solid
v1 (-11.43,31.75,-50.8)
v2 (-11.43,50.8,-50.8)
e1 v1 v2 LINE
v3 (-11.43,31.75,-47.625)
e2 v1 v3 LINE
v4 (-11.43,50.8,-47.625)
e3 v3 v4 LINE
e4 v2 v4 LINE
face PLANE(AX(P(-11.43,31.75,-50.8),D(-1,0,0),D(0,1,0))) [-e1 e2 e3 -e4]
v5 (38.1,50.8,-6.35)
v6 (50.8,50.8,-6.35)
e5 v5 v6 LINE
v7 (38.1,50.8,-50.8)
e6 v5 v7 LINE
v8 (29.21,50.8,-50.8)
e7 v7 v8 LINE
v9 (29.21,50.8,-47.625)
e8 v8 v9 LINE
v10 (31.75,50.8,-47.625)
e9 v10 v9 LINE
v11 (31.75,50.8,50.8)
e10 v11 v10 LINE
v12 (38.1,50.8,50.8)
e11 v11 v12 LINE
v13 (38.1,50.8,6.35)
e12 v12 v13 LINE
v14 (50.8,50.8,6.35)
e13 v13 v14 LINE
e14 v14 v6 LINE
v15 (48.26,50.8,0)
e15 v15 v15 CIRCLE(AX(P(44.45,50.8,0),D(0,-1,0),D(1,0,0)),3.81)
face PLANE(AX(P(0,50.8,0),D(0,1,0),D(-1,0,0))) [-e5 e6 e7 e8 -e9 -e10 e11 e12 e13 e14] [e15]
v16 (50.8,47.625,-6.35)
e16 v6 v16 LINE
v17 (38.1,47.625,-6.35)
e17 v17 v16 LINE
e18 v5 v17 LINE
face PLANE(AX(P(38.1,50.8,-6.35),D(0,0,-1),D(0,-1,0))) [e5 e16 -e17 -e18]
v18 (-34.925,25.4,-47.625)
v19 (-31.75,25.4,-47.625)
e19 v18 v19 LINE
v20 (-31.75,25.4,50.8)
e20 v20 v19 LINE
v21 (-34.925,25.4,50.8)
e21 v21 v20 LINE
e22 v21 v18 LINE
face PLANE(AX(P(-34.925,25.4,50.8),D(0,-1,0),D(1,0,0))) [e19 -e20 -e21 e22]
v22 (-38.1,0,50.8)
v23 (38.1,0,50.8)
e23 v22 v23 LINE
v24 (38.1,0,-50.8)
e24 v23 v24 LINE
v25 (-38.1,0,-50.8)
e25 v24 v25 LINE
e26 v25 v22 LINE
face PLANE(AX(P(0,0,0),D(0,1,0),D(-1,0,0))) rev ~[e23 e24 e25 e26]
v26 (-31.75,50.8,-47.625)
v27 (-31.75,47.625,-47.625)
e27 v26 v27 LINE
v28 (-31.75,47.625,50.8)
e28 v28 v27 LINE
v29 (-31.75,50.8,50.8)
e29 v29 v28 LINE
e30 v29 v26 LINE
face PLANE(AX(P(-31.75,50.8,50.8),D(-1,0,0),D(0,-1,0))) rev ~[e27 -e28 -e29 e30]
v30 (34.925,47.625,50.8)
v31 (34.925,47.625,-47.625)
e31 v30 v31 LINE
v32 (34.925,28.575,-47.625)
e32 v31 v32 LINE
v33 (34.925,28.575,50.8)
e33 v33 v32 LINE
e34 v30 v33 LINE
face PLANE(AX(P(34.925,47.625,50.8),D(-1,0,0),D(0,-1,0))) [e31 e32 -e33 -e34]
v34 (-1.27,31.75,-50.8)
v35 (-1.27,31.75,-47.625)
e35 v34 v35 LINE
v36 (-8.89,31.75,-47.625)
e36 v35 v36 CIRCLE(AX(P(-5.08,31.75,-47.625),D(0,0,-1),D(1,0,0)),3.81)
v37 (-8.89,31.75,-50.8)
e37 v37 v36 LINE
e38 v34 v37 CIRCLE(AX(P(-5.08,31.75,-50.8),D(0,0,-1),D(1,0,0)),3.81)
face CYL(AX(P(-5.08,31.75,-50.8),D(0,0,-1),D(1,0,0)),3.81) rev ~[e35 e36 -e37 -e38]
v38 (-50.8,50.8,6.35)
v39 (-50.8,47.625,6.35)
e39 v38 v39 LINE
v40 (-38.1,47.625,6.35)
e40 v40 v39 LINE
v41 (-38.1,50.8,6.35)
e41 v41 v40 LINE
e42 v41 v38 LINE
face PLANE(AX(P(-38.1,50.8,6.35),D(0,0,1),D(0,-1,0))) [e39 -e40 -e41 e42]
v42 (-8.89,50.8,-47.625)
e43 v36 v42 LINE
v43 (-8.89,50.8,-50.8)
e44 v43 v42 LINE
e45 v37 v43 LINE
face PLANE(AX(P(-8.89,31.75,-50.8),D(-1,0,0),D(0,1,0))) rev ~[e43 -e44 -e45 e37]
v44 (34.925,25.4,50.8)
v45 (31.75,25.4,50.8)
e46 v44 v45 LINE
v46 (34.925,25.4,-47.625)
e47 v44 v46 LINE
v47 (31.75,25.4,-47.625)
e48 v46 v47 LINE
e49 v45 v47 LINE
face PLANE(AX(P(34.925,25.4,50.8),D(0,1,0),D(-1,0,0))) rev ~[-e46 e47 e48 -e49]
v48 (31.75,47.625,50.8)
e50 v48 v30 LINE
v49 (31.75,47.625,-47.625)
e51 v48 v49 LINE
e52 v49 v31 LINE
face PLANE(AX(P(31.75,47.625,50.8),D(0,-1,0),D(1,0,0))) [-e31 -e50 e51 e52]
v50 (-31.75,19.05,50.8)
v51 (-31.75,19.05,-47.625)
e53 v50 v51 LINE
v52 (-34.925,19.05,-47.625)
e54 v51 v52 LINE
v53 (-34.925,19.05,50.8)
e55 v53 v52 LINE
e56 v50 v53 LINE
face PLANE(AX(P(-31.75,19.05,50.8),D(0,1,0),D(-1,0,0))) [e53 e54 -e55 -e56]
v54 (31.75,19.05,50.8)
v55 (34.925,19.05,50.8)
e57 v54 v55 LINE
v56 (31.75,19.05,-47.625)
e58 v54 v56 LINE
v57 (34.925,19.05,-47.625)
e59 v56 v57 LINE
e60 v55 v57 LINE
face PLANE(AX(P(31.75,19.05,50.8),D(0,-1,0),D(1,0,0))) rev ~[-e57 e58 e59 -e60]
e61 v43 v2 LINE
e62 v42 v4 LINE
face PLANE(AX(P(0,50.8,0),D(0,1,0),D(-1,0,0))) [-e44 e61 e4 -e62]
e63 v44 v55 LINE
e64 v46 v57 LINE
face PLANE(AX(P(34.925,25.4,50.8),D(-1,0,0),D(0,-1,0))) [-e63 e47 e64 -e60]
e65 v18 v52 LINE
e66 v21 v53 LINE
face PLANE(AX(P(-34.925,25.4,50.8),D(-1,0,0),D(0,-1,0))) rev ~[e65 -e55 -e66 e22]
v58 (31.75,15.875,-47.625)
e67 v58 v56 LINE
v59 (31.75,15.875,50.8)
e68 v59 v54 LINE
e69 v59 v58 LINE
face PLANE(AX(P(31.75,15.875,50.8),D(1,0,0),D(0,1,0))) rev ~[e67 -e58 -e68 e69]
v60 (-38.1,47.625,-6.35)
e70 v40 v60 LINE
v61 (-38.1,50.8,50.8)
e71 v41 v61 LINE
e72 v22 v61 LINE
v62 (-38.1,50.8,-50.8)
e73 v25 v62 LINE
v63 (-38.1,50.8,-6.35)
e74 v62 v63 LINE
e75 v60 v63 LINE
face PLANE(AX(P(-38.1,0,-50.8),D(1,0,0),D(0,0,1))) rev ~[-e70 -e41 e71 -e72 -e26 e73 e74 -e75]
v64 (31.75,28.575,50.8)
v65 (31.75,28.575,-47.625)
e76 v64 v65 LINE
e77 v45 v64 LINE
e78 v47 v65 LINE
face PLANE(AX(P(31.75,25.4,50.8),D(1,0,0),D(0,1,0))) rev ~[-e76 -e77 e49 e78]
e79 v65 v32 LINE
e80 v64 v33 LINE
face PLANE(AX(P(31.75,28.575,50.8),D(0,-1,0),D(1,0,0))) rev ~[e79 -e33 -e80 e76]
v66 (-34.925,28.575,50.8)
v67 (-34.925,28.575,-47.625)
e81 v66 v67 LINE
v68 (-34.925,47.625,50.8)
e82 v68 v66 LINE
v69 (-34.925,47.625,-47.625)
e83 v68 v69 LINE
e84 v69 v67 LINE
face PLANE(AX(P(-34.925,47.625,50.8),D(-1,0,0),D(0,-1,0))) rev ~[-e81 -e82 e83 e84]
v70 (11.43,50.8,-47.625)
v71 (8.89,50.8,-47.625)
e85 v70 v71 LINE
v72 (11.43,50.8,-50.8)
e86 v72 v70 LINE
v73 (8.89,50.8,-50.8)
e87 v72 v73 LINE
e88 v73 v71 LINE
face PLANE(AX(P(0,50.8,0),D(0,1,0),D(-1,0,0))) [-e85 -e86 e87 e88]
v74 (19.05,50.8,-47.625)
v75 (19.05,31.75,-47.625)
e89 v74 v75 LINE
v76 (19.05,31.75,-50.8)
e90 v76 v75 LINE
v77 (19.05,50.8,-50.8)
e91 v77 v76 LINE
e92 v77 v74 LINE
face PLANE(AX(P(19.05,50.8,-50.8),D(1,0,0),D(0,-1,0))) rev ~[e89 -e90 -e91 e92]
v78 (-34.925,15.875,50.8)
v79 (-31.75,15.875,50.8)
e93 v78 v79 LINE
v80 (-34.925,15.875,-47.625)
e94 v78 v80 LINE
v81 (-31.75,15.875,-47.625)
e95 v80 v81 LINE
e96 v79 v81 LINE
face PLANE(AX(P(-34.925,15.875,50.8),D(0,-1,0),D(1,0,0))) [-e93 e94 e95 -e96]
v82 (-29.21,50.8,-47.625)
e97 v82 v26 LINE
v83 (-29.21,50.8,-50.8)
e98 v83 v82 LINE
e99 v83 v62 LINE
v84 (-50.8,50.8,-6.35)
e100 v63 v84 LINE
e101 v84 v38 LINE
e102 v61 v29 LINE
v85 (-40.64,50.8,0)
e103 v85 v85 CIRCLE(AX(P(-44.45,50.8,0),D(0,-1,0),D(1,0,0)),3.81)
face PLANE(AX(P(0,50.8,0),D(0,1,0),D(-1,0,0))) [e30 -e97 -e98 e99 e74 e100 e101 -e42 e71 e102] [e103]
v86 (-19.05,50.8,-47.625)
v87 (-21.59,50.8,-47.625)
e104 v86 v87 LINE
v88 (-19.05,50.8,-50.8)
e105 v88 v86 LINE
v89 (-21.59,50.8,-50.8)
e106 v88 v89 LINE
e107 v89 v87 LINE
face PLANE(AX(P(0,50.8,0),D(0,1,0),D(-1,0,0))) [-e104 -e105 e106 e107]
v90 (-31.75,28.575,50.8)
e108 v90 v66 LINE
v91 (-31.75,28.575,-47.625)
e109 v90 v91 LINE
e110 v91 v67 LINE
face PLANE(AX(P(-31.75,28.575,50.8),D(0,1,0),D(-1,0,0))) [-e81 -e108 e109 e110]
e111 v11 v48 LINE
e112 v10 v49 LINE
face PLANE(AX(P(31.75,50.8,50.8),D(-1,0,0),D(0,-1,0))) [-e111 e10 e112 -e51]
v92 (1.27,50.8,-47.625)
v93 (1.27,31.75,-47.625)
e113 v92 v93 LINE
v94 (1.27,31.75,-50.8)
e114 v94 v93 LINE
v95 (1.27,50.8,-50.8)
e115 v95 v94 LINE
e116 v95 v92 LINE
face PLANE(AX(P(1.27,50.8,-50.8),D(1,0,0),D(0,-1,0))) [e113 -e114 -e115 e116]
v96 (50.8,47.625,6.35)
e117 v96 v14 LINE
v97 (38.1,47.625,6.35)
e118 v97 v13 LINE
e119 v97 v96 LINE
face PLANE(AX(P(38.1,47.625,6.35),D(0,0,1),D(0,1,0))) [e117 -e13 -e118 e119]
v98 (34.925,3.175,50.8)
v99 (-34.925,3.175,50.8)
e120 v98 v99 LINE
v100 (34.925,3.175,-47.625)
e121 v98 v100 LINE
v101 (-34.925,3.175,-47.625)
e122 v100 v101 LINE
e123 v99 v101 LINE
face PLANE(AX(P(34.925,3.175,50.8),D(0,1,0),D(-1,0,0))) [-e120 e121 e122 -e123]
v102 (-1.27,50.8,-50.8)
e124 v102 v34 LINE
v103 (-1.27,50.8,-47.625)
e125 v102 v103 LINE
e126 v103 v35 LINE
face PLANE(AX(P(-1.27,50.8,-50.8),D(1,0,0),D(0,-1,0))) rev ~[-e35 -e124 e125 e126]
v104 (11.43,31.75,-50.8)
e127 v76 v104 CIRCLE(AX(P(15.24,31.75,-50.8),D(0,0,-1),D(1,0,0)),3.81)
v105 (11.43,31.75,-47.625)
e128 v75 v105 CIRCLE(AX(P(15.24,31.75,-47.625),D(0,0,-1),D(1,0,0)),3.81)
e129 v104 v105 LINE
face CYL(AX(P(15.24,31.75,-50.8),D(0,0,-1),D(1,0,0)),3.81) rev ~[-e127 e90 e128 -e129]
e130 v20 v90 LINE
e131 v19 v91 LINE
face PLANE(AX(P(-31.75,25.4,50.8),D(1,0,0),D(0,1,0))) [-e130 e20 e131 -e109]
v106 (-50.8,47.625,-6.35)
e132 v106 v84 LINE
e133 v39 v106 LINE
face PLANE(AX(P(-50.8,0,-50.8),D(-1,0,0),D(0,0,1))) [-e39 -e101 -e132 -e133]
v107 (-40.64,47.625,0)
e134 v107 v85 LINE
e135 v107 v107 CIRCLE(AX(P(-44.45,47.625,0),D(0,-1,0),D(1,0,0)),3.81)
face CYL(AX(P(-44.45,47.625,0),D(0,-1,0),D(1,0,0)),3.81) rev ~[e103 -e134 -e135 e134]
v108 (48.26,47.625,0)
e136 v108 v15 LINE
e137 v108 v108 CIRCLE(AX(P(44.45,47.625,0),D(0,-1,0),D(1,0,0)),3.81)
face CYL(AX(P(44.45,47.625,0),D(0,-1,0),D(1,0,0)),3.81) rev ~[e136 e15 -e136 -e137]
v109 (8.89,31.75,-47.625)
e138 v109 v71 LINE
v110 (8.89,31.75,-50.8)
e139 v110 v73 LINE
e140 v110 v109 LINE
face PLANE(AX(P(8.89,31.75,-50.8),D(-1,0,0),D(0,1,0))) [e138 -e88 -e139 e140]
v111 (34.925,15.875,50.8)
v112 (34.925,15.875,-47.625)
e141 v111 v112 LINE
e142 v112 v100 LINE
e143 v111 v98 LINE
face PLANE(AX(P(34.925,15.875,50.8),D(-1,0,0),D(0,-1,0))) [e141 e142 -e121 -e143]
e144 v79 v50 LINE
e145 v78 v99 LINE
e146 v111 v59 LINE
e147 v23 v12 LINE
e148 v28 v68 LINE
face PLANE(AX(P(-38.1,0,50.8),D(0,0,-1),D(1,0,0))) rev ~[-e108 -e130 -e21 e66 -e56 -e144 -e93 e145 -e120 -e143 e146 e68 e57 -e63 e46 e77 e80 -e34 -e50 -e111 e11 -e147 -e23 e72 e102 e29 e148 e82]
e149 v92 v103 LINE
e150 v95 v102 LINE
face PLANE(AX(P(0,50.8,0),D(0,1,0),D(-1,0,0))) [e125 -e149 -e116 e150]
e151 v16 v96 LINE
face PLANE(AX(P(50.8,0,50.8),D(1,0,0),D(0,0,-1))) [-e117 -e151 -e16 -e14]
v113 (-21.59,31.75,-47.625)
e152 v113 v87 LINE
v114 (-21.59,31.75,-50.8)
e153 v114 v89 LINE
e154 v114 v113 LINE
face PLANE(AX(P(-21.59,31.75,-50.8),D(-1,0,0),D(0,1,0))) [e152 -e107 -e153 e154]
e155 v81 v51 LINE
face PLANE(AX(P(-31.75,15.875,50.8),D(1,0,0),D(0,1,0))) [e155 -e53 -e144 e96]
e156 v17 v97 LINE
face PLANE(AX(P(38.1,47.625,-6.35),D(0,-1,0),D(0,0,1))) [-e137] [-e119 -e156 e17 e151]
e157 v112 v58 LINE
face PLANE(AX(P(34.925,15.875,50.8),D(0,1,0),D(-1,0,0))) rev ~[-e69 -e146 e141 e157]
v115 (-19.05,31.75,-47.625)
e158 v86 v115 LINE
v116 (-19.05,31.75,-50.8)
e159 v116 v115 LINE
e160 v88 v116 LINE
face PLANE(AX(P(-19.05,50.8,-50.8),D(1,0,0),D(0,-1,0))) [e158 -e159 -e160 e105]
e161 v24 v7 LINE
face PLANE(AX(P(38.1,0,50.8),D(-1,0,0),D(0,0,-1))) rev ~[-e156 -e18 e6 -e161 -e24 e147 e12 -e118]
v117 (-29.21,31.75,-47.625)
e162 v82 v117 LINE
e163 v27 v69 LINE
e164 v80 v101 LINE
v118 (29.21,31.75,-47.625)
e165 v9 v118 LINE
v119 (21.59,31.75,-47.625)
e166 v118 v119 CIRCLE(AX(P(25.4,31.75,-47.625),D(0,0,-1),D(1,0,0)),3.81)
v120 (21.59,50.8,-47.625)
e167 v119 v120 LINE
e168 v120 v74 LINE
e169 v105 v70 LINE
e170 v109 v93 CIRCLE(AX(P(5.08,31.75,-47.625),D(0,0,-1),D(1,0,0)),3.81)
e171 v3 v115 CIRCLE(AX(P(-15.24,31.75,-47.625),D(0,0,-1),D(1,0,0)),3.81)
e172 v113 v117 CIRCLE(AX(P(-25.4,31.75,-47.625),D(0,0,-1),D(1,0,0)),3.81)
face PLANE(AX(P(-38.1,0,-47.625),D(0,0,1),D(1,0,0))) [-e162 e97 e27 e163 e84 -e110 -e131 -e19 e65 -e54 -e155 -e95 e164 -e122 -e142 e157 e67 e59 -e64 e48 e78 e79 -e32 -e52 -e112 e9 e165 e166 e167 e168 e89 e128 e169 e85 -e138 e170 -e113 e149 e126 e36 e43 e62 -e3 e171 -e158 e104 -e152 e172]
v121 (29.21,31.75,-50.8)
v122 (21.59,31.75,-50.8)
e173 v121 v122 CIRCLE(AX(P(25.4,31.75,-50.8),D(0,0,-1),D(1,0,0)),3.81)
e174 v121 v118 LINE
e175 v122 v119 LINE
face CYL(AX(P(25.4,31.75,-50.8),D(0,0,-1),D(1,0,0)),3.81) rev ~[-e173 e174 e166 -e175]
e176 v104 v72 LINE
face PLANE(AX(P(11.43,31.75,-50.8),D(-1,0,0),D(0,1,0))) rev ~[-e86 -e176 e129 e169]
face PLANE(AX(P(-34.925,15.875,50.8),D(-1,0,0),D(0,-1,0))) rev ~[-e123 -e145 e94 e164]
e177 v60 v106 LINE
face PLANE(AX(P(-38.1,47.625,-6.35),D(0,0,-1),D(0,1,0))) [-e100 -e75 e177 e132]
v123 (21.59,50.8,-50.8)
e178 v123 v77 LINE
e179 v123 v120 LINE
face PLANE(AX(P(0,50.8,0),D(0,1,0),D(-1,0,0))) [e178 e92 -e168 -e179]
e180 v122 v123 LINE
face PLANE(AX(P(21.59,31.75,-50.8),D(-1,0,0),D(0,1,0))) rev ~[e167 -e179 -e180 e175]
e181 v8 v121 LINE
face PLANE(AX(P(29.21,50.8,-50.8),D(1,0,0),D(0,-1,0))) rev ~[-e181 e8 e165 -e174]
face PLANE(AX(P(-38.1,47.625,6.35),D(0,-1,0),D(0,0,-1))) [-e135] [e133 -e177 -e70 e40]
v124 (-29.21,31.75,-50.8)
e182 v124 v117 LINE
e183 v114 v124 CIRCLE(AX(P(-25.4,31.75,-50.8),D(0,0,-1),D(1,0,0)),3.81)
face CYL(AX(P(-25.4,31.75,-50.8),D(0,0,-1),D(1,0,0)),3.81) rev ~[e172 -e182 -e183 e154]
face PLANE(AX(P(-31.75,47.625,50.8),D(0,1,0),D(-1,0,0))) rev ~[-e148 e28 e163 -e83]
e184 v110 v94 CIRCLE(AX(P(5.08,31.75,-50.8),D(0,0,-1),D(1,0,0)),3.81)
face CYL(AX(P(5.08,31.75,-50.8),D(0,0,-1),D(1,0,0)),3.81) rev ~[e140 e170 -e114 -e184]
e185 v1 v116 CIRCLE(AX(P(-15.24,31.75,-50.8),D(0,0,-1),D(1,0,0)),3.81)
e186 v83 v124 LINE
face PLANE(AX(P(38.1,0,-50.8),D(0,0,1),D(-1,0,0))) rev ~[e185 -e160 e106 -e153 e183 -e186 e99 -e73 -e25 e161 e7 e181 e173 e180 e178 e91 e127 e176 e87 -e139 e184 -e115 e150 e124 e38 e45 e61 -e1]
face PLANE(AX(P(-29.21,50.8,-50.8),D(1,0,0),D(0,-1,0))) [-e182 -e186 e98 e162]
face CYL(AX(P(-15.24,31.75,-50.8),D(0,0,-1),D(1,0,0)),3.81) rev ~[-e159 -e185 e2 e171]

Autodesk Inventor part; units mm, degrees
ref_plane "YZ Plane" through (0, 0, 0) normal (1, 0, 0) x (0, 1, 0)
ref_plane "XZ Plane" through (0, 0, 0) normal (0, 1, 0) x (-1, 0, 0)
ref_plane "XY Plane" through (0, 0, 0) normal (0, 0, 1) x (1, 0, 0)
sketch "Sketch1" plane through (0, 0, 0) normal (0, 1, 0) x (-1, 0, 0)
  line L0 (38.1, 50.8) -> (-38.1, 50.8)
  line L1 (-38.1, 50.8) -> (-38.1, -50.8)
  line L2 (-38.1, -50.8) -> (38.1, -50.8)
  line L3 (38.1, -50.8) -> (38.1, 50.8)
  point P0 (0, 0)
  dimension "d0" = 101.6
  dimension "d1" = 76.2
  dimension "d2" = 38.1
  dimension "d3" = 50.8
extrude "Extrusion1" add sketch "Sketch1" along normal blind 50.8
sketch "Sketch2" plane through (-38.1, 0, 50.8) normal (0, 0, 1) x (1, 0, 0)
  line L0 (76.2, 50.8) -> (0, 50.8) projected
  line L1 (76.2, 0) -> (0, 0) projected
  line L2 (0, 50.8) -> (3.175, 50.8)
  line L3 (3.175, 50.8) -> (3.175, 0)
  line L4 (0, 0) -> (0, 50.8)
  line L5 (76.2, 0) -> (76.2, 50.8) projected
  line L6 (0, 50.8) -> (76.2, 50.8)
  line L7 (76.2, 50.8) -> (76.2, 47.625)
  line L8 (0, 47.625) -> (0, 50.8)
  line L9 (76.2, 50.8) -> (73.025, 50.8)
  line L10 (73.025, 50.8) -> (73.025, 0)
  line L11 (76.2, 0) -> (76.2, 50.8)
  line L12 (3.175, 15.875) -> (6.35, 15.875)
  line L13 (6.35, 15.875) -> (6.35, 19.05)
  line L14 (6.35, 19.05) -> (3.175, 19.05)
  line L15 (3.175, 19.05) -> (3.175, 15.875)
  line L16 (3.175, 25.4) -> (6.35, 25.4)
  line L17 (6.35, 25.4) -> (6.35, 28.575)
  line L18 (6.35, 28.575) -> (3.175, 28.575)
  line L19 (3.175, 28.575) -> (3.175, 25.4)
  line L20 (38.1, 47.625) -> (38.1, 0)
  line L21 (73.025, 15.875) -> (69.85, 15.875)
  line L22 (69.85, 15.875) -> (69.85, 19.05)
  line L23 (69.85, 19.05) -> (73.025, 19.05)
  line L24 (73.025, 25.4) -> (69.85, 25.4)
  line L25 (69.85, 25.4) -> (69.85, 28.575)
  line L26 (69.85, 28.575) -> (73.025, 28.575)
  line L27 (3.175, 50.8) -> (6.35, 50.8)
  line L28 (6.35, 50.8) -> (6.35, 47.625)
  line L29 (6.35, 47.625) -> (3.175, 47.625)
  line L30 (3.175, 47.625) -> (3.175, 50.8)
  line L31 (73.025, 50.8) -> (69.85, 50.8)
  line L32 (69.85, 50.8) -> (69.85, 47.625)
  line L33 (69.85, 47.625) -> (73.025, 47.625)
  line L34 (73.025, 47.625) -> (73.025, 50.8)
  line L35 (0, 0) -> (76.2, 0)
  line L36 (76.2, 0) -> (76.2, 3.175)
  line L37 (76.2, 3.175) -> (0, 3.175)
  line L38 (0, 3.175) -> (0, 0)
  point P0 (3.175, 3.175)
  point P1 (73.025, 3.175)
  point P2 (6.35, 50.8)
  point P3 (3.175, 47.625)
  point P4 (3.175, 28.575)
  point P5 (3.175, 19.05)
  dimension "d6" = 3.175
  dimension "d8" = 3.175
  dimension "d11" = 3.175
  dimension "d12" = 3.175
  dimension "d13" = 3.175
  dimension "d15" = 6.35
  dimension "d16" = 3.175
  dimension "d17" = 12.7
  dimension "d18" = 0
extrude "Extrusion2" cut sketch "Sketch2" against normal blind 98.425 contours L32 L33 L10 L26 L25 L24 L23 L22 L21 L37 L3 L12 L13 L14 L16 L17 L18 L29 L28 L0
sketch "Sketch3" plane through (38.1, 0, -50.8) normal (0, 0, -1) x (-1, 0, 0)
  line L0 (0, 50.8) -> (76.2, 50.8) projected
  line L1 (38.1, 0) -> (38.1, 50.8) construction
  line L2 (29.21, 50.8) -> (36.83, 50.8)
  line L3 (36.83, 50.8) -> (36.83, 31.75)
  line L4 (29.21, 31.75) -> (29.21, 50.8)
  line L5 (26.67, 50.8) -> (19.05, 50.8)
  line L6 (19.05, 50.8) -> (19.05, 31.75)
  line L7 (26.67, 31.75) -> (26.67, 50.8)
  line L8 (33.02, 31.75) -> (33.02, 50.8) construction
  line L9 (22.86, 31.75) -> (22.86, 50.8) construction
  line L10 (16.51, 50.8) -> (8.89, 50.8)
  line L11 (8.89, 50.8) -> (8.89, 31.75)
  line L12 (16.51, 31.75) -> (16.51, 50.8)
  line L13 (12.7, 31.75) -> (12.7, 50.8) construction
  arc A0 (8.89, 31.75) -> (16.51, 31.75) centre (12.7, 31.75) ccw
  arc A1 (19.05, 31.75) -> (26.67, 31.75) centre (22.86, 31.75) ccw
  arc A2 (29.21, 31.75) -> (36.83, 31.75) centre (33.02, 31.75) ccw
  line L14 (8.89, 31.75) -> (36.83, 31.75) construction
  line L15 (46.99, 50.8) -> (39.37, 50.8)
  line L16 (39.37, 50.8) -> (39.37, 31.75)
  line L17 (46.99, 31.75) -> (46.99, 50.8)
  line L18 (49.53, 50.8) -> (57.15, 50.8)
  line L19 (57.15, 50.8) -> (57.15, 31.75)
  line L20 (49.53, 31.75) -> (49.53, 50.8)
  line L21 (43.18, 31.75) -> (43.18, 50.8) construction
  line L22 (53.34, 31.75) -> (53.34, 50.8) construction
  line L23 (59.69, 50.8) -> (67.31, 50.8)
  line L24 (67.31, 50.8) -> (67.31, 31.75)
  line L25 (59.69, 31.75) -> (59.69, 50.8)
  line L26 (63.5, 31.75) -> (63.5, 50.8) construction
  arc A3 (59.69, 31.75) -> (67.31, 31.75) centre (63.5, 31.75) ccw
  arc A4 (49.53, 31.75) -> (57.15, 31.75) centre (53.34, 31.75) ccw
  arc A5 (39.37, 31.75) -> (46.99, 31.75) centre (43.18, 31.75) ccw
  line L27 (67.31, 31.75) -> (39.37, 31.75) construction
  point P0 (19.05, 50.8)
  point P1 (8.89, 50.8)
  dimension "d21" = 10.16
  dimension "d22" = 5.08
  dimension "d24" = 7.62
  dimension "d25" = 7.62
  dimension "d26" = 10.16
  dimension "d27" = 7.62
  dimension "d28" = 19.05
extrude "Extrusion3" cut sketch "Sketch3" against normal blind 3.175
sketch "Sketch4" plane through (38.1, 0, 50.8) normal (1, 0, 0) x (0, 0, -1)
  line L0 (50.8, 0) -> (50.8, 50.8) construction
  line L1 (0, 50.8) -> (101.6, 50.8) projected
  line L2 (44.45, 50.8) -> (57.15, 50.8)
  line L3 (57.15, 50.8) -> (57.15, 47.625)
  line L4 (57.15, 47.625) -> (44.45, 47.625)
  line L5 (44.45, 47.625) -> (44.45, 50.8)
  point P0 (57.15, 50.8)
  dimension "d31" = 3.175
  dimension "d32" = 12.7
  dimension "d33" = 6.35
extrude "Extrusion4" add sketch "Sketch4" along normal blind 12.7
sketch "Sketch5" plane through (-38.1, 0, -50.8) normal (-1, 0, 0) x (0, 0, 1)
  line L0 (50.8, 0) -> (50.8, 50.8) construction
  line L1 (44.45, 50.8) -> (57.15, 50.8)
  line L2 (57.15, 50.8) -> (57.15, 47.625)
  line L3 (57.15, 47.625) -> (44.45, 47.625)
  line L4 (44.45, 47.625) -> (44.45, 50.8)
  dimension "d36" = 3.175
  dimension "d37" = 12.7
  dimension "d38" = 6.35
extrude "Extrusion5" add sketch "Sketch5" along normal blind 12.7
sketch "Sketch6" plane through (-38.1, 47.625, -6.35) normal (0, -1, 0) x (1, 0, 0)
  line L0 (0, 0) -> (-12.7, 0) projected
  line L1 (-6.35, 0) -> (-6.35, 12.7) construction
  line L2 (0, 12.7) -> (-12.7, 12.7) projected
  circle A0 centre (-6.35, 6.35) radius 3.81
  point P0 (38.1, 6.35)
  dimension "d41" = 7.62
extrude "Extrusion6" cut sketch "Sketch6" against normal blind 12.7
sketch "Sketch7" plane through (38.1, 47.625, -6.35) normal (0, -1, 0) x (1, 0, 0)
  line L0 (0, 12.7) -> (12.7, 12.7) projected
  line L1 (6.35, 12.7) -> (6.35, 0) construction
  line L2 (0, 0) -> (12.7, 0) projected
  circle A0 centre (6.35, 6.35) radius 3.81
  point P0 (-38.1, 6.35)
  dimension "d44" = 7.62
extrude "Extrusion7" cut sketch "Sketch7" against normal blind 12.7
equation "\"d2\" = 0.5 * d1"
equation "\"d3\" = 0.5 * d0"
equation "\"d8\" = d6"
equation "\"d11\" = d6"
equation "\"d12\" = d6"
equation "\"d13\" = d6"
equation "\"d33\" = 0.5 * d32"
equation "\"d38\" = 0.5 * d37"
properties part number "main"
